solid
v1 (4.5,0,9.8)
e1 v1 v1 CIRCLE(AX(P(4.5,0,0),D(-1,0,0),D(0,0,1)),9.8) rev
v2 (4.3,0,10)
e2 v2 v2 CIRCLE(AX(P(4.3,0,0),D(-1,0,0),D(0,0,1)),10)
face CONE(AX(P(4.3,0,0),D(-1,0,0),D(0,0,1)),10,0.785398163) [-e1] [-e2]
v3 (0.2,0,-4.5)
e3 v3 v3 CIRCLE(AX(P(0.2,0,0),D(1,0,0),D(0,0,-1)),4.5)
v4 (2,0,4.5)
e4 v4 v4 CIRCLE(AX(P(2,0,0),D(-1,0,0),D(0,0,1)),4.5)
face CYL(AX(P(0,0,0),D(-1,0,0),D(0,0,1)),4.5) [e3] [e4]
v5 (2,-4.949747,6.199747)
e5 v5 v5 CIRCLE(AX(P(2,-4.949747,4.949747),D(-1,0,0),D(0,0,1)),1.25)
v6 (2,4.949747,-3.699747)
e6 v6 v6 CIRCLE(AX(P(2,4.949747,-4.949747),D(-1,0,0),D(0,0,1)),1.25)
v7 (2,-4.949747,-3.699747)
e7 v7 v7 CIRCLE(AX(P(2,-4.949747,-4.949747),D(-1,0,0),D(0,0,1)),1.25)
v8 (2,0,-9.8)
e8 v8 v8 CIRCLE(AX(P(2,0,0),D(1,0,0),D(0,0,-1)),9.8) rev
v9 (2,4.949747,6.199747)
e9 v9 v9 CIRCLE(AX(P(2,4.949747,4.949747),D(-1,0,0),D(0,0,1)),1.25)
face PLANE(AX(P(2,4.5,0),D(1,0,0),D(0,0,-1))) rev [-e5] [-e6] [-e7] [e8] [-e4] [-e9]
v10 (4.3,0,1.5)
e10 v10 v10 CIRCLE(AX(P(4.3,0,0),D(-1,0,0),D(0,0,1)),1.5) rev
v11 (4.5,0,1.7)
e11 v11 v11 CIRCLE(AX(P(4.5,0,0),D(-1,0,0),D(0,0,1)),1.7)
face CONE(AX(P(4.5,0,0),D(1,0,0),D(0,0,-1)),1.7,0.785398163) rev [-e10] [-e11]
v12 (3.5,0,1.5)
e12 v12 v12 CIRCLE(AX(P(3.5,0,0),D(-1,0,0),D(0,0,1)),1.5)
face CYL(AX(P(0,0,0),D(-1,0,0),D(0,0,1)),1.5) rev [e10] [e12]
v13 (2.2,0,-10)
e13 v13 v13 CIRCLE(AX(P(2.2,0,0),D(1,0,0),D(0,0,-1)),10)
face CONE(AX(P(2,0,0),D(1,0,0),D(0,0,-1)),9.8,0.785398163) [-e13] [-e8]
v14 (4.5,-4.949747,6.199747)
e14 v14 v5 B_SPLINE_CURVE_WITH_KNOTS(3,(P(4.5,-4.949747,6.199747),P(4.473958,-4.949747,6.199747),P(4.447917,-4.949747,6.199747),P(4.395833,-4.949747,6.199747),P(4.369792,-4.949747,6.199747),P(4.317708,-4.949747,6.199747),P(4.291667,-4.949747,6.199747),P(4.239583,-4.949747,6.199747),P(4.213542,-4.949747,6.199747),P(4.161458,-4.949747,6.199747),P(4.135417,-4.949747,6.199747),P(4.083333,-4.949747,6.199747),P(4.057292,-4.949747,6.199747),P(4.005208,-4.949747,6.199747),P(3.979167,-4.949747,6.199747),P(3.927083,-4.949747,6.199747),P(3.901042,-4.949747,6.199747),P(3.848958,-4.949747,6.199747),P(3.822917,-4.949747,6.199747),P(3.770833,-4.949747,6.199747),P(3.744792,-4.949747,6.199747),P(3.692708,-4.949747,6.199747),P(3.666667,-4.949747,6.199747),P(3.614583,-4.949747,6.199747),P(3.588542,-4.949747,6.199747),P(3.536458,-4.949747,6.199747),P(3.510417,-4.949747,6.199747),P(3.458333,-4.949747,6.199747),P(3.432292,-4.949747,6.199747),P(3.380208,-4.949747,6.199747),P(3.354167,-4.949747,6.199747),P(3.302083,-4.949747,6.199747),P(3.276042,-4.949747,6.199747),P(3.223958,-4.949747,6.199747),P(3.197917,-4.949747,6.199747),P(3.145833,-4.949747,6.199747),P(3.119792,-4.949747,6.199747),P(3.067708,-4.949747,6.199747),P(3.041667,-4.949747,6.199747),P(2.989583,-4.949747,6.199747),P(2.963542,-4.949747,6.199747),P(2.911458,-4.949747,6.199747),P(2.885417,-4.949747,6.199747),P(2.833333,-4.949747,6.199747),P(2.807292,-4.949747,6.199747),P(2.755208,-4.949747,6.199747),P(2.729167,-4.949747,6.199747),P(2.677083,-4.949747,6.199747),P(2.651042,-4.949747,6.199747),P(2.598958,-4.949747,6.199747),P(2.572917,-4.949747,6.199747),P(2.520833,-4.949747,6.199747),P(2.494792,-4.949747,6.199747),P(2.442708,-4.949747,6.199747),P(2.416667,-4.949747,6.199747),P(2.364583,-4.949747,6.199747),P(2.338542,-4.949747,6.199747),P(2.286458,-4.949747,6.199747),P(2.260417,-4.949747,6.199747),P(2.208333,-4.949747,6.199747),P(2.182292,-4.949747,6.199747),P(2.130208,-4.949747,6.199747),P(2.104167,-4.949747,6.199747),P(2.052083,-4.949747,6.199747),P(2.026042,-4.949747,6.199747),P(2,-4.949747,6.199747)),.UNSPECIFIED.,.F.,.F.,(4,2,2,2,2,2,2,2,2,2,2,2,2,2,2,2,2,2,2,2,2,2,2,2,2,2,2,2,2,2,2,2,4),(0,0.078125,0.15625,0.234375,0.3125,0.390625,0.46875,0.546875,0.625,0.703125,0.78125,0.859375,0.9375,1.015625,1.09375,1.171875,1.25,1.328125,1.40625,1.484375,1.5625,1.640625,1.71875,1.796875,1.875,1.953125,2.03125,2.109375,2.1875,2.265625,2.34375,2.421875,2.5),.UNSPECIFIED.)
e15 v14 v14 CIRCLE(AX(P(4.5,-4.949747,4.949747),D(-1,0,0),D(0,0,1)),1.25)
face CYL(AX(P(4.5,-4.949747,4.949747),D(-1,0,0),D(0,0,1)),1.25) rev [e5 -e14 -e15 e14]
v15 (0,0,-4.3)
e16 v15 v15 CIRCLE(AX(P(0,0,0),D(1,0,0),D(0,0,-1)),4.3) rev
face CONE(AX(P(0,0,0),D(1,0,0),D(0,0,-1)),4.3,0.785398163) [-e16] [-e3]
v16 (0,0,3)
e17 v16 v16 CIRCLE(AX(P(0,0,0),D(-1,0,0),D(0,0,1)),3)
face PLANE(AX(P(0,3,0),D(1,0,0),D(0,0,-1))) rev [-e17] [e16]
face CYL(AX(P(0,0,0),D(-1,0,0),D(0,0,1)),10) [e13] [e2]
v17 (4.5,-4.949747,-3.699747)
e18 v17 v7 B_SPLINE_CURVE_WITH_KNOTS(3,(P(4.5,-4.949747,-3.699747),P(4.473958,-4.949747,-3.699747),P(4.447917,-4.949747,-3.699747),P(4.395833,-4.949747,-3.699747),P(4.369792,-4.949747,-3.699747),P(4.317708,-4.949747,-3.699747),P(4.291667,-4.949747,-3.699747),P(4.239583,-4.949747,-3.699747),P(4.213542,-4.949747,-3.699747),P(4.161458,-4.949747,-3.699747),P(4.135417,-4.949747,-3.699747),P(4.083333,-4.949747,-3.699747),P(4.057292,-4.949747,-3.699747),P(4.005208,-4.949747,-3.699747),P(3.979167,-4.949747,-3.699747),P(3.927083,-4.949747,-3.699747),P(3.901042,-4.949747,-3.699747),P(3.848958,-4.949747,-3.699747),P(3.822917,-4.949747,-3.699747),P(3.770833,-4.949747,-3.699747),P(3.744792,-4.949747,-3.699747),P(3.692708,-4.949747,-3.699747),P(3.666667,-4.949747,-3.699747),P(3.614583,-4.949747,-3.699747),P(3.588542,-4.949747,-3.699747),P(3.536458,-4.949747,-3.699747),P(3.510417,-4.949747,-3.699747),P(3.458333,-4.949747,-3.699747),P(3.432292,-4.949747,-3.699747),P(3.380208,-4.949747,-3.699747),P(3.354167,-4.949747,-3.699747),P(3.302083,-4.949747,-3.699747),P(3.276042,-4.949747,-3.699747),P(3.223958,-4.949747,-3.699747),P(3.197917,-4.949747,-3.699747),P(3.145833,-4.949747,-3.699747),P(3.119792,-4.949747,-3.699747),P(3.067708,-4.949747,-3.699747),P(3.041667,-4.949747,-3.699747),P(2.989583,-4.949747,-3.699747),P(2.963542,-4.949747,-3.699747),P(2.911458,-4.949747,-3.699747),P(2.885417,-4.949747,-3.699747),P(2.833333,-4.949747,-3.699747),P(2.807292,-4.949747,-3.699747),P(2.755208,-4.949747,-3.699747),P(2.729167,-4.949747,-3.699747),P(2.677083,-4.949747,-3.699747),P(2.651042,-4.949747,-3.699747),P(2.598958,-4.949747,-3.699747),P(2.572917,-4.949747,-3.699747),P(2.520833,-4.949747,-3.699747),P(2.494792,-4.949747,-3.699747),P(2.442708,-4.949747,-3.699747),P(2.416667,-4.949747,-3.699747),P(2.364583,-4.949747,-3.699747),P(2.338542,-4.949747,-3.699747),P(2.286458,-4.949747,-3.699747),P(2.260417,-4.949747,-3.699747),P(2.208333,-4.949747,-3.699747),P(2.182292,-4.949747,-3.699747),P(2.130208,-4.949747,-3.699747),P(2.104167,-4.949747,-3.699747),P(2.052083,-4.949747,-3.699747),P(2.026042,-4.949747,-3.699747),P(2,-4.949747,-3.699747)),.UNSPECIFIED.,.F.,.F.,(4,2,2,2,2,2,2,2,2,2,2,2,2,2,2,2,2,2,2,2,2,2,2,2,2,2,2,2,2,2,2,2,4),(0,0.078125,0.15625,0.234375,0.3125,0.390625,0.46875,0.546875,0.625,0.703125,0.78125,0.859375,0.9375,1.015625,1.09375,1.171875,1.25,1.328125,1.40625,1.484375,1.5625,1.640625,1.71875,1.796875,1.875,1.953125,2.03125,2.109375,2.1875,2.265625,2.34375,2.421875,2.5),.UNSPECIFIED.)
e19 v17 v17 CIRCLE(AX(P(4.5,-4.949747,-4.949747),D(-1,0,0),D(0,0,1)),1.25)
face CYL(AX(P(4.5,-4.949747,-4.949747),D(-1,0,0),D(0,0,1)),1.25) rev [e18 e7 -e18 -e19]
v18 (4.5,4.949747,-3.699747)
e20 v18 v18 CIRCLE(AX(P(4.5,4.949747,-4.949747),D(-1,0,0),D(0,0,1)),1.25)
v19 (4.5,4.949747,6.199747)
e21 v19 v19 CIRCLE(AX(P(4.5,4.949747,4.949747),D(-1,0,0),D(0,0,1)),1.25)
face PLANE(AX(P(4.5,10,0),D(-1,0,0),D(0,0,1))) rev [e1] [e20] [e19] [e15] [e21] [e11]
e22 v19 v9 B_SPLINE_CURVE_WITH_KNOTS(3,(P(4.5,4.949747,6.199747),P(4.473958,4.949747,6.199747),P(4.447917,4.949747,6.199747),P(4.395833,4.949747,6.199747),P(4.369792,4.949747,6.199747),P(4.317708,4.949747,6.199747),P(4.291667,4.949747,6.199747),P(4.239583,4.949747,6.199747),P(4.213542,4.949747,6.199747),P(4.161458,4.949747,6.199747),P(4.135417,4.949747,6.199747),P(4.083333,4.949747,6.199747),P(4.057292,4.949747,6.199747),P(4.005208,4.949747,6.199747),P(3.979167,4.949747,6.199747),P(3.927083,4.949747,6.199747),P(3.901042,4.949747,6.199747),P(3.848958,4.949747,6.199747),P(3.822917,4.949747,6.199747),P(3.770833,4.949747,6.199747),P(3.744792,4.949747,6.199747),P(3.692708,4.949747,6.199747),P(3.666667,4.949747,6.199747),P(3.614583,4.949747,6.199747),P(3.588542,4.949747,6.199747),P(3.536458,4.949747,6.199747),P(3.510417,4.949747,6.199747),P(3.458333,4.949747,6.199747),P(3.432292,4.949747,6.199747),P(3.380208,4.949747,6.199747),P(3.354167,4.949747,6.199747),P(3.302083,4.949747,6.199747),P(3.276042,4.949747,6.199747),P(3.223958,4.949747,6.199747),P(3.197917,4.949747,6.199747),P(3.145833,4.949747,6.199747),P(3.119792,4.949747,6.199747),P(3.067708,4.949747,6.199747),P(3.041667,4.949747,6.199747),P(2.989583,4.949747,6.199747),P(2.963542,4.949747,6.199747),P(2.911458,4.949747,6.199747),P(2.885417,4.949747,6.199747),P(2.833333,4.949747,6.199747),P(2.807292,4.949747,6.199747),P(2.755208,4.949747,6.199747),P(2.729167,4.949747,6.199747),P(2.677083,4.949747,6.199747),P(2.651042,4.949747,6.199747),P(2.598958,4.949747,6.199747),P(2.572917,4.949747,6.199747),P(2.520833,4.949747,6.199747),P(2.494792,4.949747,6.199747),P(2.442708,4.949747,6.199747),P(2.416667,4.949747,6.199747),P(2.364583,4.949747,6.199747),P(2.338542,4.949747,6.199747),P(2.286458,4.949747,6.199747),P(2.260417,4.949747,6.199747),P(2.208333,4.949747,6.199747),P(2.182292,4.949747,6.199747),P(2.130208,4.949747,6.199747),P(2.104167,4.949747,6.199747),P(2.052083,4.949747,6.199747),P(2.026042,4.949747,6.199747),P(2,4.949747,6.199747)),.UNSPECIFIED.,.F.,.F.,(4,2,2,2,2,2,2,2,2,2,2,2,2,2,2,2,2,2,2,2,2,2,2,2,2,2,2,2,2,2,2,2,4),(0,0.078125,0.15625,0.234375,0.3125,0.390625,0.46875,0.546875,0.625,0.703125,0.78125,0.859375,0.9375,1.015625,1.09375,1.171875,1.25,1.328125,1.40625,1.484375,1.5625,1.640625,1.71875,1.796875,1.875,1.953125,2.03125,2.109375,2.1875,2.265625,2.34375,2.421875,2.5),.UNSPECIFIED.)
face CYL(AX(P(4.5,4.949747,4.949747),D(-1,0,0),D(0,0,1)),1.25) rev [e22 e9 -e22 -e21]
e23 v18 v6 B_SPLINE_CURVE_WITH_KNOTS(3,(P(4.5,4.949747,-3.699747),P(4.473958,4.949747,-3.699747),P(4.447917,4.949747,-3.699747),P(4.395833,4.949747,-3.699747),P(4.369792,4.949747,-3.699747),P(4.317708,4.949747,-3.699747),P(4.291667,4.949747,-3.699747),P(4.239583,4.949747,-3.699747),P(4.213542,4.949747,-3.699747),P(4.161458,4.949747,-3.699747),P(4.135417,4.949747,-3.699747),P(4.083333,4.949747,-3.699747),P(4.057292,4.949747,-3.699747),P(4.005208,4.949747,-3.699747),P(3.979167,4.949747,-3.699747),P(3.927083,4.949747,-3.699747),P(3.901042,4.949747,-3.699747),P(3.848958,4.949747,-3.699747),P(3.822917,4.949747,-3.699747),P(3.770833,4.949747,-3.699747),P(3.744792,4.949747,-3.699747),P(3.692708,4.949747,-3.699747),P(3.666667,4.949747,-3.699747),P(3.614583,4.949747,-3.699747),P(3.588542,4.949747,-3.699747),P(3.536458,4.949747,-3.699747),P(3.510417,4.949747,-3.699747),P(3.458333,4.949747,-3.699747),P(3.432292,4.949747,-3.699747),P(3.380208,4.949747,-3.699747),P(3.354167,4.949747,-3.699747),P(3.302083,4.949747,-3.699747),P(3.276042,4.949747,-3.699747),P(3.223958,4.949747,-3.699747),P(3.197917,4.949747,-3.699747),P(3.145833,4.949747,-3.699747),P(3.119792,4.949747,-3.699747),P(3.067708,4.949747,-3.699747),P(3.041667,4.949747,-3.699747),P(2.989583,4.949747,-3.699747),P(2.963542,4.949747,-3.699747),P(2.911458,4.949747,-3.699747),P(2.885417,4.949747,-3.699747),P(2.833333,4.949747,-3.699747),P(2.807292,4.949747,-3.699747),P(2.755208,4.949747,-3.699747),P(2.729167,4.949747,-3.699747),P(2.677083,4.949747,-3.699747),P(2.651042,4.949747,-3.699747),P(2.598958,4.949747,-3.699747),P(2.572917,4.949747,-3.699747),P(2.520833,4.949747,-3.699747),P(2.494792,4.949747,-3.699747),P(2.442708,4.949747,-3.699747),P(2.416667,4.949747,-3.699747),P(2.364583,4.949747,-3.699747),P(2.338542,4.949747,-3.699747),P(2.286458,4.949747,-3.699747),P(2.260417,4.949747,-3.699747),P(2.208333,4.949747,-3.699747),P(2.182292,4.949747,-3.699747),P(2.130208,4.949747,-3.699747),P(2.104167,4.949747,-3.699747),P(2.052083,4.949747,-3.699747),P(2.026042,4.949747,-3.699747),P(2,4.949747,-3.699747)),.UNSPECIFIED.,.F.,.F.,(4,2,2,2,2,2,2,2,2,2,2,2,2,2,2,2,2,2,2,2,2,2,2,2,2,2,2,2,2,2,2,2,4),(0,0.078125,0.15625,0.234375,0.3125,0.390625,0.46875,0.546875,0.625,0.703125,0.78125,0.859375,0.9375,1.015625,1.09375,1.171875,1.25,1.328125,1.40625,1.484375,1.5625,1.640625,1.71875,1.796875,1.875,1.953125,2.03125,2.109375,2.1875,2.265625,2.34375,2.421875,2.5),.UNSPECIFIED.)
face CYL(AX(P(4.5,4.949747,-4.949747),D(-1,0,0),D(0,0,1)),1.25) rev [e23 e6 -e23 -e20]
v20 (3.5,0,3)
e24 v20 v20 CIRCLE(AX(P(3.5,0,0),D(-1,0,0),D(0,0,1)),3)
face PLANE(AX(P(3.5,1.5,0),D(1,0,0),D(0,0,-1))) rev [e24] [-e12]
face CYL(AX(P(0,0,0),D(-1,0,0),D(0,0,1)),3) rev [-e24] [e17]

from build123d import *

# Parameters (mm, degrees)
SKETCH_3_R          = 1.25
CUT_EXTRUDE_1_DEPTH = 15.361406616
CHAMFER_1_SIZE      = 0.2


with BuildPart() as part:
    # 草图2 → 旋转1 (revolve)
    with BuildSketch(Plane.XY, mode=Mode.PRIVATE) as revolve_1_sk:
        Polygon((0, 3), (0, 4.5), (2, 4.5), (2, 10), (4.5, 10), (4.5, 1.5), (3.5, 1.5), (3.5, 3), align=None)
    revolve(revolve_1_sk.sketch.rotate(Axis((0, 0, 0), (1, 0, 0)), 90), axis=Axis((0, 0, 0), (1, 0, 0)))

    # 草图3 → 切除-拉伸1 (cut, through all)
    with BuildSketch(Plane.ZY.offset(-2)):
        with Locations((4.949747468, 4.949747468)):
            Circle(SKETCH_3_R)
        with Locations((4.949747468, -4.949747468)):
            Circle(SKETCH_3_R)
        with Locations((-4.949747468, -4.949747468)):
            Circle(SKETCH_3_R)
        with Locations((-4.949747468, 4.949747468)):
            Circle(SKETCH_3_R)
    extrude(amount=-CUT_EXTRUDE_1_DEPTH, mode=Mode.SUBTRACT)

    # 倒角1
    chamfer_1_edges = [part.edges().sort_by_distance(p)[0] for p in [
        (4.5, 0, -1.5),
        (4.5, 0, -10),
        (2, 0, -10),
        (0, 0, -4.5),
    ]]
    chamfer(chamfer_1_edges, length=CHAMFER_1_SIZE)


solid = part.part
